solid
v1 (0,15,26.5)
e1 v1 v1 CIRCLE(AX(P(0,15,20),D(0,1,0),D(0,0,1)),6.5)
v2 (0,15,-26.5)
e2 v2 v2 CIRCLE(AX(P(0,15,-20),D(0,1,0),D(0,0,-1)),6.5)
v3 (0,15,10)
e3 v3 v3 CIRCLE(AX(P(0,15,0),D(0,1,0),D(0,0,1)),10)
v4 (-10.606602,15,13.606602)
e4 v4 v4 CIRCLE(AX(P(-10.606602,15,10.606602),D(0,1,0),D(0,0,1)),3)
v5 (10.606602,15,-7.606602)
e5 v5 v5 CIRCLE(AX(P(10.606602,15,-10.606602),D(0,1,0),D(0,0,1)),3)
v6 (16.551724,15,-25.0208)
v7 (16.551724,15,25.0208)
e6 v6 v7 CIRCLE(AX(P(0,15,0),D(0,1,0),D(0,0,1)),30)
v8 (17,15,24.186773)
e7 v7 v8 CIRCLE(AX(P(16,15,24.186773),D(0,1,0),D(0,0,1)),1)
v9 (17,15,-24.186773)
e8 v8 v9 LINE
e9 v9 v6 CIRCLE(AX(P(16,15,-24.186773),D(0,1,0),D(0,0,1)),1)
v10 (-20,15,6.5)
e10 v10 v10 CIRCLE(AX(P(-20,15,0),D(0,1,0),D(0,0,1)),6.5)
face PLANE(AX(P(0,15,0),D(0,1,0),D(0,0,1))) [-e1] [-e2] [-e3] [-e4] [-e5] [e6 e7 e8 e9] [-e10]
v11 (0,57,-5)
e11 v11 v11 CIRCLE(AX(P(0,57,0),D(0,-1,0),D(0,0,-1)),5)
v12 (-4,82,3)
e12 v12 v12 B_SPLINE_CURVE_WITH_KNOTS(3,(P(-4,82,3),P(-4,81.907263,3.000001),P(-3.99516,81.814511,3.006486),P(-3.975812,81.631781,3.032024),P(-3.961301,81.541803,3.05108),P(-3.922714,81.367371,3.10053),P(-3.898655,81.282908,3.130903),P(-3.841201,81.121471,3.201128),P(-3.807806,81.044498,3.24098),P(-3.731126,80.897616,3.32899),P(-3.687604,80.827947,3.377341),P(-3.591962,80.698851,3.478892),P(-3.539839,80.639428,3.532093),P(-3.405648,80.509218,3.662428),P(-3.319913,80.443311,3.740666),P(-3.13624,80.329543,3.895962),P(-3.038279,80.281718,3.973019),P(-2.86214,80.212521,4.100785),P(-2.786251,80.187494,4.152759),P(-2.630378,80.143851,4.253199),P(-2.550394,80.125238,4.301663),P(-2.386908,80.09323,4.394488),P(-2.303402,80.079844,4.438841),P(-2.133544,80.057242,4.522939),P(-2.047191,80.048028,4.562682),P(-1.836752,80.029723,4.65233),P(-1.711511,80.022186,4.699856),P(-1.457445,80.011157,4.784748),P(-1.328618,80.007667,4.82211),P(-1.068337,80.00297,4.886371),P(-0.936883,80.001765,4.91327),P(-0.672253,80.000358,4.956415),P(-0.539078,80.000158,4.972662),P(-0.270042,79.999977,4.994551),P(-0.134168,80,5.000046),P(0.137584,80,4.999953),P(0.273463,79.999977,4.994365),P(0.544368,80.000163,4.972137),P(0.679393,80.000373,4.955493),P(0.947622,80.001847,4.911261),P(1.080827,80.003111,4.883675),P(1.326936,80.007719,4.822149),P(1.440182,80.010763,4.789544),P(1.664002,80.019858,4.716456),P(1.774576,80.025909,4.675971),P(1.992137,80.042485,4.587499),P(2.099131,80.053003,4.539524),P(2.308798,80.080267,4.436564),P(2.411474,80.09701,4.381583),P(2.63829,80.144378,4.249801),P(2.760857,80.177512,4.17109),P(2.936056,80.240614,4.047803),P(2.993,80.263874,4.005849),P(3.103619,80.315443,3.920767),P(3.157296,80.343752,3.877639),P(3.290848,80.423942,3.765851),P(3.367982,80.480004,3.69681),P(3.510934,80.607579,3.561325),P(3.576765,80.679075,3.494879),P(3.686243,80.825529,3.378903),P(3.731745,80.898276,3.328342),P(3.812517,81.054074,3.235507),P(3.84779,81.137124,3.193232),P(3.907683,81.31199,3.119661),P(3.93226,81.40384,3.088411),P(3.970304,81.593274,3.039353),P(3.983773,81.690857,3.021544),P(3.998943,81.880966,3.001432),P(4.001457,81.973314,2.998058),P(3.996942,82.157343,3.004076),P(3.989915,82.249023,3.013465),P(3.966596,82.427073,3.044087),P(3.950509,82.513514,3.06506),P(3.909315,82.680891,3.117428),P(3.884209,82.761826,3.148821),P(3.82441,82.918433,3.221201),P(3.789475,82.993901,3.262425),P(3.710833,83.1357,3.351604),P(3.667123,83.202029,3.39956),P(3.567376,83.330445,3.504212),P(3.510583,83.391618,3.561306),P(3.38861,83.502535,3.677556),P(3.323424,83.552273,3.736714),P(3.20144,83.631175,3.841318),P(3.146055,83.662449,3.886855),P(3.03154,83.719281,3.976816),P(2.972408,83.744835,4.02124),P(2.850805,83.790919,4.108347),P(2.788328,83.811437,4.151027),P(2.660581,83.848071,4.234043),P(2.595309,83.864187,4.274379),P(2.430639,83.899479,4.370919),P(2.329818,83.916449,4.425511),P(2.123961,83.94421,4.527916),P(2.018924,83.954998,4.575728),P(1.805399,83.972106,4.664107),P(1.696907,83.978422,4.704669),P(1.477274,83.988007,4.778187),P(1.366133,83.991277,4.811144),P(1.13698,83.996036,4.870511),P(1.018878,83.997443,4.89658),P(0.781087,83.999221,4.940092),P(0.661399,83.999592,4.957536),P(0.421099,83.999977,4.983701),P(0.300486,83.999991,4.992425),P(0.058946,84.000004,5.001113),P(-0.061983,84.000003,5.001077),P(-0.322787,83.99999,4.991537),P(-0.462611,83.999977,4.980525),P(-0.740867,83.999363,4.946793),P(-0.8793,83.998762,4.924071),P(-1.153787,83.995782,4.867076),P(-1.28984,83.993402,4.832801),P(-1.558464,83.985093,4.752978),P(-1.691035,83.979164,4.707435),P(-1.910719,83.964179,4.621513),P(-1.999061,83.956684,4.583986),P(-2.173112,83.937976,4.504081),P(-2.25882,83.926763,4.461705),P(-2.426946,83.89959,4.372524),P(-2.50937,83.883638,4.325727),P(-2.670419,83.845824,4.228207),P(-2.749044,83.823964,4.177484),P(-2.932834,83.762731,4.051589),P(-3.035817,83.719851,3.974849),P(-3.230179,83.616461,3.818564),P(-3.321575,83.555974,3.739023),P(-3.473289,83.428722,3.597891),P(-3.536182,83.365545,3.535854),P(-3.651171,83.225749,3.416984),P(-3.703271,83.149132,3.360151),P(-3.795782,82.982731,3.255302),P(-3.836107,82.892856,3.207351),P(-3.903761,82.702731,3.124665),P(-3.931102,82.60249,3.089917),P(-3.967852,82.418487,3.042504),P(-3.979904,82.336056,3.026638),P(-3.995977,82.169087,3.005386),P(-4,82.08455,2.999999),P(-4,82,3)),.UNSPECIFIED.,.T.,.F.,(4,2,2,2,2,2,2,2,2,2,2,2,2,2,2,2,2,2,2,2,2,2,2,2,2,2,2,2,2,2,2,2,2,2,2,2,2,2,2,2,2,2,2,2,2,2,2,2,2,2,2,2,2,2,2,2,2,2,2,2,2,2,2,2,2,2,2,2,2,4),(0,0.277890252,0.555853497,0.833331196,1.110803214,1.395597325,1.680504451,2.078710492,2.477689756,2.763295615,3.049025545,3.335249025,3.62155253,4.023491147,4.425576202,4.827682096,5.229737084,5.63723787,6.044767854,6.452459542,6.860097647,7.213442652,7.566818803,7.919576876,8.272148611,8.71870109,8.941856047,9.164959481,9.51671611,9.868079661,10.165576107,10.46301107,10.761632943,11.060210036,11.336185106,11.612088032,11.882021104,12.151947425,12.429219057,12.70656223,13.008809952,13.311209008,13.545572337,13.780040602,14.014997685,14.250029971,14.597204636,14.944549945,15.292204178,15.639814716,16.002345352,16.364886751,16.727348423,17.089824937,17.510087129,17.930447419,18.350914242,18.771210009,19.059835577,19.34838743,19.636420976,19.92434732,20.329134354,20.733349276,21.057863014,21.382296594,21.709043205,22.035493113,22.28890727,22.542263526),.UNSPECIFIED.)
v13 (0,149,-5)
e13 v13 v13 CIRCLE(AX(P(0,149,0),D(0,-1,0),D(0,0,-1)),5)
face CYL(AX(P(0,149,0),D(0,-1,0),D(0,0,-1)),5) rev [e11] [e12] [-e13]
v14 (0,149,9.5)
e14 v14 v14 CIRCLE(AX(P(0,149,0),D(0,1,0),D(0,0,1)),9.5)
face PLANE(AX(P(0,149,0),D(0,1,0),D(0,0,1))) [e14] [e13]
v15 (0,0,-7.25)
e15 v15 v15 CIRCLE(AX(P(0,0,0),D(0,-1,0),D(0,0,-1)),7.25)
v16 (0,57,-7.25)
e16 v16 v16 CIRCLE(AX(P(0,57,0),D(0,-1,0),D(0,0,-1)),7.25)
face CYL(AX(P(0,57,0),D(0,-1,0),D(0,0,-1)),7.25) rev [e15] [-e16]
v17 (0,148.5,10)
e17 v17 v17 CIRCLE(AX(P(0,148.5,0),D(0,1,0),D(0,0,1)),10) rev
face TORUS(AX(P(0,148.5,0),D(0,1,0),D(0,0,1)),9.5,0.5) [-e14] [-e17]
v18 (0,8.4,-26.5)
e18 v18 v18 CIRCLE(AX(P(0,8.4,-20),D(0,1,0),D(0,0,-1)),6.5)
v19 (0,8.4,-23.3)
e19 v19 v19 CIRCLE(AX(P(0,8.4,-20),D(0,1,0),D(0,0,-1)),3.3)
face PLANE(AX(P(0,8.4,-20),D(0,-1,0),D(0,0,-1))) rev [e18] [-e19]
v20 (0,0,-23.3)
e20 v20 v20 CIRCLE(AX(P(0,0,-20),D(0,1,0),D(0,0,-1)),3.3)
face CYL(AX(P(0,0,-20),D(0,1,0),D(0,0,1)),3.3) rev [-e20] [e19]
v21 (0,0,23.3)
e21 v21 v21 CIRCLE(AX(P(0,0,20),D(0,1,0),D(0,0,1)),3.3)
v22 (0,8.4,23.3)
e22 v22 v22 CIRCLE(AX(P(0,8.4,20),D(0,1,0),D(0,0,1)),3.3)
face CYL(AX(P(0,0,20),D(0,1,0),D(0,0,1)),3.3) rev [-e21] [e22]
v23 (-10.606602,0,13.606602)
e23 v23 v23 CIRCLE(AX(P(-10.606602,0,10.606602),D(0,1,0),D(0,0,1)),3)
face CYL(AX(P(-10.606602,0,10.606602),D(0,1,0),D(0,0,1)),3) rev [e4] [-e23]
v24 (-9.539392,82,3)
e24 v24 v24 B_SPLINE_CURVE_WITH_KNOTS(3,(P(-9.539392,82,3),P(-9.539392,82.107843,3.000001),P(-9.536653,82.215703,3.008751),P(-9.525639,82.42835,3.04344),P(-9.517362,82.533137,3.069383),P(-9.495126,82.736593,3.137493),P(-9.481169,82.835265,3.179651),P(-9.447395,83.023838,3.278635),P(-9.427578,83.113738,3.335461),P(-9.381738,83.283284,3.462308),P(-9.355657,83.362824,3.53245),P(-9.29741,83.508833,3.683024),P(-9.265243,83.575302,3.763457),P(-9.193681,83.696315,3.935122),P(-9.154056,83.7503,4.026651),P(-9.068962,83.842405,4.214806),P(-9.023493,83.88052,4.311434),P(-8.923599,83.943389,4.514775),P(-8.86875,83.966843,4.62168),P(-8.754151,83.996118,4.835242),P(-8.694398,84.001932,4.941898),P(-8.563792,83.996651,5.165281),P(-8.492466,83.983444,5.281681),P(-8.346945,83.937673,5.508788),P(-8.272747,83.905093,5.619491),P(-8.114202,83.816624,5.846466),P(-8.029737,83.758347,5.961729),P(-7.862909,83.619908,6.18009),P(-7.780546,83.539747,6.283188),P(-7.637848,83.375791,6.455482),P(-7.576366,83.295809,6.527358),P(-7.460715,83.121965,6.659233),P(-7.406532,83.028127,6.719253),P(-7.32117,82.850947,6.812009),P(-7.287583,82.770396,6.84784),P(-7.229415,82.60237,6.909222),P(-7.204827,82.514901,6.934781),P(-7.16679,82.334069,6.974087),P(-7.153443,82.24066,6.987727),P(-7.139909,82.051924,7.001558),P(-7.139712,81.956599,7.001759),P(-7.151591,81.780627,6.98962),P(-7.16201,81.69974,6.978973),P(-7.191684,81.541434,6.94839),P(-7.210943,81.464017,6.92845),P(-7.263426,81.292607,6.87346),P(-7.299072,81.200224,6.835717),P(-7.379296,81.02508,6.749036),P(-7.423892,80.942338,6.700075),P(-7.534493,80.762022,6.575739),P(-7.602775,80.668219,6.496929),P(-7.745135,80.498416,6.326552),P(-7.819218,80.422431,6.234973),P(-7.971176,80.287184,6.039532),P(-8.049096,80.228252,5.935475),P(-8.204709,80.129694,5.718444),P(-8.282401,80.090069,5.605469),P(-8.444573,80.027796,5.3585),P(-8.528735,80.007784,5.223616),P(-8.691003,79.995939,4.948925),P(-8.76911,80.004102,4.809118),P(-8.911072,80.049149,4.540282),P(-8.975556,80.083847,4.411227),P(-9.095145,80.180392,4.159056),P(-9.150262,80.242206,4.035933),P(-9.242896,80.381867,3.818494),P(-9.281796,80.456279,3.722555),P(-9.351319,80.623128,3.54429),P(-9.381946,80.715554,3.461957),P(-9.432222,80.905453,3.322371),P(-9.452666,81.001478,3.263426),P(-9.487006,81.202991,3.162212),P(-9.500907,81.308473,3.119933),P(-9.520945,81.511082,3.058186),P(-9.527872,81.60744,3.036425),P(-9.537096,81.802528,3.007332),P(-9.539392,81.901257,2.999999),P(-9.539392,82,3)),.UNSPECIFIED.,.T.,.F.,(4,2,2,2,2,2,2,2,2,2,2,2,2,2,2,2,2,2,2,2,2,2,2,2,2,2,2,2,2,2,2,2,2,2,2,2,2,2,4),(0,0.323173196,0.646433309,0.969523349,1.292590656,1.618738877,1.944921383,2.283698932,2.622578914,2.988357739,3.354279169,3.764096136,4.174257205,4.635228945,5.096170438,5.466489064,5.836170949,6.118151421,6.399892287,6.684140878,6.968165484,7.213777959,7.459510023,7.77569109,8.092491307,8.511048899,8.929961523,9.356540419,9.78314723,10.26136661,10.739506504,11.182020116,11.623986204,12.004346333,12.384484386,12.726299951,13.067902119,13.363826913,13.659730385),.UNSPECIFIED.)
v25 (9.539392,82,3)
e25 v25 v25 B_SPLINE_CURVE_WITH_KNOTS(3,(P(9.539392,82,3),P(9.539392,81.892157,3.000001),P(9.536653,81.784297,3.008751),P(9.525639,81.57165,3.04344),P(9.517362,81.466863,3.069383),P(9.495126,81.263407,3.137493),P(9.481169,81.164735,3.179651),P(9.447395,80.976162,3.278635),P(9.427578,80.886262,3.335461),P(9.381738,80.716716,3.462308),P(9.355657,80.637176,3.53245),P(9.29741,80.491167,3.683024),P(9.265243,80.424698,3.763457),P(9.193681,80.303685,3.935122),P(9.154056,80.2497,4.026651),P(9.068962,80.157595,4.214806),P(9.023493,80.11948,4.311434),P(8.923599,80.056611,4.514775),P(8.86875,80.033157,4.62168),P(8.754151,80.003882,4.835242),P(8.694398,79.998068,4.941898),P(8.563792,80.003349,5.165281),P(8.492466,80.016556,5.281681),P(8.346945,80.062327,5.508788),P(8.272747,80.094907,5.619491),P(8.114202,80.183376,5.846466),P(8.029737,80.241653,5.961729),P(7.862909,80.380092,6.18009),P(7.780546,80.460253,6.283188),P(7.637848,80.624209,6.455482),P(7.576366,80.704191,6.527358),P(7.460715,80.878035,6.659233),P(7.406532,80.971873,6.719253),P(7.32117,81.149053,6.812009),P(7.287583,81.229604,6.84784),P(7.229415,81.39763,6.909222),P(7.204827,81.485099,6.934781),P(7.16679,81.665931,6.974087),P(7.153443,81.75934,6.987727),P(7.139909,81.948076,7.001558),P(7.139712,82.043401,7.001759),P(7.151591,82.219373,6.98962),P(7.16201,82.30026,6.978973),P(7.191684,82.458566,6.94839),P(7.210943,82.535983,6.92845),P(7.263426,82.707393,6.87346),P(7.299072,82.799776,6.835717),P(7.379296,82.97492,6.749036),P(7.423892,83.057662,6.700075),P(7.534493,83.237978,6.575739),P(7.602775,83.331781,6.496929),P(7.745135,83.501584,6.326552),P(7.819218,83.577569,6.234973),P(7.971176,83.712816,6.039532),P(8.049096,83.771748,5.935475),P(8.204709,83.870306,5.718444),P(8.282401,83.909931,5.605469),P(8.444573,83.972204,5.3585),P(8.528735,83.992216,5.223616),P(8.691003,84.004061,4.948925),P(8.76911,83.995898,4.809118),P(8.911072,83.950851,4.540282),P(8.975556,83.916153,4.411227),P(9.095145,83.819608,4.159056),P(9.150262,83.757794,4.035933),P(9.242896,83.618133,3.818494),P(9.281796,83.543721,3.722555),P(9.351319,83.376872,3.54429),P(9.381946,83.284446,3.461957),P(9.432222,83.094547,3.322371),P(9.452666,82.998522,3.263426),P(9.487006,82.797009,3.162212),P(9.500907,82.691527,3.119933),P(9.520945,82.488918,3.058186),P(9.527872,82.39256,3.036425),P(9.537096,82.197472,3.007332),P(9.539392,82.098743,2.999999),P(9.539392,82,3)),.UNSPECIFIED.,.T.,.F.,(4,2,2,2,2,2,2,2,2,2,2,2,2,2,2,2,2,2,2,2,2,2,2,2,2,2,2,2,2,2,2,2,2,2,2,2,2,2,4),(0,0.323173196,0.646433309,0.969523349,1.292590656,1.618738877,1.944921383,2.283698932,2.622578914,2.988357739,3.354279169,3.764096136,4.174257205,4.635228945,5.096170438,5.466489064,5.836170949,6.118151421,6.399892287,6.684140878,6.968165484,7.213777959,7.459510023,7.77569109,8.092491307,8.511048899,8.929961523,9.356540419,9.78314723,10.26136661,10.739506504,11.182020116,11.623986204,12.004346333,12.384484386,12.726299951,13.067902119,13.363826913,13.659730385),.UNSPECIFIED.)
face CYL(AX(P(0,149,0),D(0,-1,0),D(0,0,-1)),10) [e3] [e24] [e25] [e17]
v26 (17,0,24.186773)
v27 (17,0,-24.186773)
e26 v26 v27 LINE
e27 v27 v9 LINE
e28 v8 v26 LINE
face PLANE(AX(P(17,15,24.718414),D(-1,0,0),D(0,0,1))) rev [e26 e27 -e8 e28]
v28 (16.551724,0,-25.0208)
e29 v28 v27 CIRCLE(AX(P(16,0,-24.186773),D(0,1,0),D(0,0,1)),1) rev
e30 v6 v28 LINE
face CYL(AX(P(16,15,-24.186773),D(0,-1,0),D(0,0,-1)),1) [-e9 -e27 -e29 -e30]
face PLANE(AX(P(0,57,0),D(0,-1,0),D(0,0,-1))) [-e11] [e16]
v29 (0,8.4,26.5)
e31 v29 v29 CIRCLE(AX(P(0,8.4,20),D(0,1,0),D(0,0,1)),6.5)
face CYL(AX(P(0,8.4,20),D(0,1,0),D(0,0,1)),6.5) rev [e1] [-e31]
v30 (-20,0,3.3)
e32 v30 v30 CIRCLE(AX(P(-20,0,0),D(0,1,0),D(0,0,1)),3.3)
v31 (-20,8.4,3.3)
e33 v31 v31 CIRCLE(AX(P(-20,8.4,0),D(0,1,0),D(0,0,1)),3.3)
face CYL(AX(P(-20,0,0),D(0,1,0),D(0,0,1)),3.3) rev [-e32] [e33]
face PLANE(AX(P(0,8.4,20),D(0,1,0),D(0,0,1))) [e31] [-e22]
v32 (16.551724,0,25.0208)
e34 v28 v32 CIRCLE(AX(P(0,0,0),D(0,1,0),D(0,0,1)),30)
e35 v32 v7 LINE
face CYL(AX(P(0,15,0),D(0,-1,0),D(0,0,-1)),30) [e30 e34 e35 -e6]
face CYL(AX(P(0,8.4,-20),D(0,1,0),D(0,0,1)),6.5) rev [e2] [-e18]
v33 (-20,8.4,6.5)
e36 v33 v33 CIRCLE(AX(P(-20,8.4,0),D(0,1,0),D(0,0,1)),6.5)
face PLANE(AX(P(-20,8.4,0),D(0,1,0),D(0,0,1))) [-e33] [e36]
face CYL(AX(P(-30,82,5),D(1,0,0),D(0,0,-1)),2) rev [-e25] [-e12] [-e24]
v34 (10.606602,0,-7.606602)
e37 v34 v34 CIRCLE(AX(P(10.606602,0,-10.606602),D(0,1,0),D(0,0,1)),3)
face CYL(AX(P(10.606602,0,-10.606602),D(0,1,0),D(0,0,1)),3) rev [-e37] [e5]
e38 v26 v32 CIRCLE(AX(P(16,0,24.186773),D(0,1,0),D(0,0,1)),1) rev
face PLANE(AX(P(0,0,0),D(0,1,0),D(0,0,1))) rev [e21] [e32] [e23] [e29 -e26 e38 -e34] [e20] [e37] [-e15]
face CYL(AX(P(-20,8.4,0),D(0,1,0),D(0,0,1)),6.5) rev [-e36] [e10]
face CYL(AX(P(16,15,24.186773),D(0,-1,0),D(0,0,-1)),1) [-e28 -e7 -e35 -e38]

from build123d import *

# Parameters (mm, degrees)
BOSS_EXTRUDE1_DEPTH = 15
SKETCH2_R           = 10
BOSS_EXTRUDE2_DEPTH = 134
SKETCH4_R           = 7.25
CUT_EXTRUDE1_DEPTH  = 57
SKETCH5_R           = 5
CUT_EXTRUDE2_DEPTH  = 93
SKETCH7_R           = 6.5
CUT_EXTRUDE3_DEPTH  = 6.6
SKETCH8_R           = 3.3
CUT_EXTRUDE4_DEPTH  = 9.4
SKETCH9_R           = 3
CUT_EXTRUDE5_DEPTH  = 16
FILLET1_R           = 1
FILLET2_R           = 0.5
SKETCH10_R          = 2
CUT_EXTRUDE11_DEPTH = 48


with BuildPart() as part:
    # Sketch1 → Boss-Extrude1 (new body)
    with BuildSketch(Plane(origin=(0, 0, 0), x_dir=(1, 0, 0), z_dir=(0, 1, 0))):
        with BuildLine():
            Line((17, -24.718414189), (17, 24.718414189))
            ThreePointArc((17, 24.718414189), (-30, 0), (17, -24.718414189))
        make_face()
    extrude(amount=BOSS_EXTRUDE1_DEPTH)

    # Sketch2 → Boss-Extrude2 (add)
    with BuildSketch(Plane(origin=(0, 15, 0), x_dir=(1, 0, 0), z_dir=(0, 1, 0))):
        Circle(SKETCH2_R)
    extrude(amount=BOSS_EXTRUDE2_DEPTH)

    # Sketch4 → Cut-Extrude1 (cut)
    with BuildSketch(Plane.XZ):
        Circle(SKETCH4_R)
    extrude(amount=-CUT_EXTRUDE1_DEPTH, mode=Mode.SUBTRACT)

    # Sketch5 → Cut-Extrude2 (cut, through all)
    with BuildSketch(Plane.XZ.offset(-57)):
        Circle(SKETCH5_R)
    extrude(amount=-CUT_EXTRUDE2_DEPTH, mode=Mode.SUBTRACT)

    # Sketch7 → Cut-Extrude3 (cut)
    with BuildSketch(Plane(origin=(0, 15, 0), x_dir=(1, 0, 0), z_dir=(0, 1, 0))):
        with Locations((0, -20)):
            Circle(SKETCH7_R)
        with Locations((-20, 0)):
            Circle(SKETCH7_R)
        with Locations((0, 20)):
            Circle(SKETCH7_R)
    extrude(amount=-CUT_EXTRUDE3_DEPTH, mode=Mode.SUBTRACT)

    # Sketch8 → Cut-Extrude4 (cut, through all)
    with BuildSketch(Plane(origin=(0, 8.4, 0), x_dir=(1, 0, 0), z_dir=(0, 1, 0))):
        with Locations((0, -20)):
            Circle(SKETCH8_R)
        with Locations((-20, 0)):
            Circle(SKETCH8_R)
        with Locations((0, 20)):
            Circle(SKETCH8_R)
    extrude(amount=-CUT_EXTRUDE4_DEPTH, mode=Mode.SUBTRACT)

    # Sketch9 → Cut-Extrude5 (cut, through all)
    with BuildSketch(Plane(origin=(0, 15, 0), x_dir=(1, 0, 0), z_dir=(0, 1, 0))):
        with Locations((-10.606601718, -10.606601718)):
            Circle(SKETCH9_R)
        with Locations((10.606601718, 10.606601718)):
            Circle(SKETCH9_R)
    extrude(amount=-CUT_EXTRUDE5_DEPTH, mode=Mode.SUBTRACT)

    # Fillet1
    fillet1_edges = [part.edges().sort_by_distance(p)[0] for p in [
        (17, 7.5, -24.718414189),
        (17, 7.5, 24.718414189),
    ]]
    fillet(fillet1_edges, radius=FILLET1_R)

    # Fillet2
    fillet2_edges = [part.edges().sort_by_distance(p)[0] for p in [
        (-10, 149, 0),
    ]]
    fillet(fillet2_edges, radius=FILLET2_R)

    # Sketch10 → Cut-Extrude11 (cut, through all)
    with BuildSketch(Plane(origin=(17, 0, 0), x_dir=(0, 0, -1), z_dir=(1, 0, 0))):
        with Locations((-5, 82)):
            Circle(SKETCH10_R)
    extrude(amount=-CUT_EXTRUDE11_DEPTH, mode=Mode.SUBTRACT)


solid = part.part
